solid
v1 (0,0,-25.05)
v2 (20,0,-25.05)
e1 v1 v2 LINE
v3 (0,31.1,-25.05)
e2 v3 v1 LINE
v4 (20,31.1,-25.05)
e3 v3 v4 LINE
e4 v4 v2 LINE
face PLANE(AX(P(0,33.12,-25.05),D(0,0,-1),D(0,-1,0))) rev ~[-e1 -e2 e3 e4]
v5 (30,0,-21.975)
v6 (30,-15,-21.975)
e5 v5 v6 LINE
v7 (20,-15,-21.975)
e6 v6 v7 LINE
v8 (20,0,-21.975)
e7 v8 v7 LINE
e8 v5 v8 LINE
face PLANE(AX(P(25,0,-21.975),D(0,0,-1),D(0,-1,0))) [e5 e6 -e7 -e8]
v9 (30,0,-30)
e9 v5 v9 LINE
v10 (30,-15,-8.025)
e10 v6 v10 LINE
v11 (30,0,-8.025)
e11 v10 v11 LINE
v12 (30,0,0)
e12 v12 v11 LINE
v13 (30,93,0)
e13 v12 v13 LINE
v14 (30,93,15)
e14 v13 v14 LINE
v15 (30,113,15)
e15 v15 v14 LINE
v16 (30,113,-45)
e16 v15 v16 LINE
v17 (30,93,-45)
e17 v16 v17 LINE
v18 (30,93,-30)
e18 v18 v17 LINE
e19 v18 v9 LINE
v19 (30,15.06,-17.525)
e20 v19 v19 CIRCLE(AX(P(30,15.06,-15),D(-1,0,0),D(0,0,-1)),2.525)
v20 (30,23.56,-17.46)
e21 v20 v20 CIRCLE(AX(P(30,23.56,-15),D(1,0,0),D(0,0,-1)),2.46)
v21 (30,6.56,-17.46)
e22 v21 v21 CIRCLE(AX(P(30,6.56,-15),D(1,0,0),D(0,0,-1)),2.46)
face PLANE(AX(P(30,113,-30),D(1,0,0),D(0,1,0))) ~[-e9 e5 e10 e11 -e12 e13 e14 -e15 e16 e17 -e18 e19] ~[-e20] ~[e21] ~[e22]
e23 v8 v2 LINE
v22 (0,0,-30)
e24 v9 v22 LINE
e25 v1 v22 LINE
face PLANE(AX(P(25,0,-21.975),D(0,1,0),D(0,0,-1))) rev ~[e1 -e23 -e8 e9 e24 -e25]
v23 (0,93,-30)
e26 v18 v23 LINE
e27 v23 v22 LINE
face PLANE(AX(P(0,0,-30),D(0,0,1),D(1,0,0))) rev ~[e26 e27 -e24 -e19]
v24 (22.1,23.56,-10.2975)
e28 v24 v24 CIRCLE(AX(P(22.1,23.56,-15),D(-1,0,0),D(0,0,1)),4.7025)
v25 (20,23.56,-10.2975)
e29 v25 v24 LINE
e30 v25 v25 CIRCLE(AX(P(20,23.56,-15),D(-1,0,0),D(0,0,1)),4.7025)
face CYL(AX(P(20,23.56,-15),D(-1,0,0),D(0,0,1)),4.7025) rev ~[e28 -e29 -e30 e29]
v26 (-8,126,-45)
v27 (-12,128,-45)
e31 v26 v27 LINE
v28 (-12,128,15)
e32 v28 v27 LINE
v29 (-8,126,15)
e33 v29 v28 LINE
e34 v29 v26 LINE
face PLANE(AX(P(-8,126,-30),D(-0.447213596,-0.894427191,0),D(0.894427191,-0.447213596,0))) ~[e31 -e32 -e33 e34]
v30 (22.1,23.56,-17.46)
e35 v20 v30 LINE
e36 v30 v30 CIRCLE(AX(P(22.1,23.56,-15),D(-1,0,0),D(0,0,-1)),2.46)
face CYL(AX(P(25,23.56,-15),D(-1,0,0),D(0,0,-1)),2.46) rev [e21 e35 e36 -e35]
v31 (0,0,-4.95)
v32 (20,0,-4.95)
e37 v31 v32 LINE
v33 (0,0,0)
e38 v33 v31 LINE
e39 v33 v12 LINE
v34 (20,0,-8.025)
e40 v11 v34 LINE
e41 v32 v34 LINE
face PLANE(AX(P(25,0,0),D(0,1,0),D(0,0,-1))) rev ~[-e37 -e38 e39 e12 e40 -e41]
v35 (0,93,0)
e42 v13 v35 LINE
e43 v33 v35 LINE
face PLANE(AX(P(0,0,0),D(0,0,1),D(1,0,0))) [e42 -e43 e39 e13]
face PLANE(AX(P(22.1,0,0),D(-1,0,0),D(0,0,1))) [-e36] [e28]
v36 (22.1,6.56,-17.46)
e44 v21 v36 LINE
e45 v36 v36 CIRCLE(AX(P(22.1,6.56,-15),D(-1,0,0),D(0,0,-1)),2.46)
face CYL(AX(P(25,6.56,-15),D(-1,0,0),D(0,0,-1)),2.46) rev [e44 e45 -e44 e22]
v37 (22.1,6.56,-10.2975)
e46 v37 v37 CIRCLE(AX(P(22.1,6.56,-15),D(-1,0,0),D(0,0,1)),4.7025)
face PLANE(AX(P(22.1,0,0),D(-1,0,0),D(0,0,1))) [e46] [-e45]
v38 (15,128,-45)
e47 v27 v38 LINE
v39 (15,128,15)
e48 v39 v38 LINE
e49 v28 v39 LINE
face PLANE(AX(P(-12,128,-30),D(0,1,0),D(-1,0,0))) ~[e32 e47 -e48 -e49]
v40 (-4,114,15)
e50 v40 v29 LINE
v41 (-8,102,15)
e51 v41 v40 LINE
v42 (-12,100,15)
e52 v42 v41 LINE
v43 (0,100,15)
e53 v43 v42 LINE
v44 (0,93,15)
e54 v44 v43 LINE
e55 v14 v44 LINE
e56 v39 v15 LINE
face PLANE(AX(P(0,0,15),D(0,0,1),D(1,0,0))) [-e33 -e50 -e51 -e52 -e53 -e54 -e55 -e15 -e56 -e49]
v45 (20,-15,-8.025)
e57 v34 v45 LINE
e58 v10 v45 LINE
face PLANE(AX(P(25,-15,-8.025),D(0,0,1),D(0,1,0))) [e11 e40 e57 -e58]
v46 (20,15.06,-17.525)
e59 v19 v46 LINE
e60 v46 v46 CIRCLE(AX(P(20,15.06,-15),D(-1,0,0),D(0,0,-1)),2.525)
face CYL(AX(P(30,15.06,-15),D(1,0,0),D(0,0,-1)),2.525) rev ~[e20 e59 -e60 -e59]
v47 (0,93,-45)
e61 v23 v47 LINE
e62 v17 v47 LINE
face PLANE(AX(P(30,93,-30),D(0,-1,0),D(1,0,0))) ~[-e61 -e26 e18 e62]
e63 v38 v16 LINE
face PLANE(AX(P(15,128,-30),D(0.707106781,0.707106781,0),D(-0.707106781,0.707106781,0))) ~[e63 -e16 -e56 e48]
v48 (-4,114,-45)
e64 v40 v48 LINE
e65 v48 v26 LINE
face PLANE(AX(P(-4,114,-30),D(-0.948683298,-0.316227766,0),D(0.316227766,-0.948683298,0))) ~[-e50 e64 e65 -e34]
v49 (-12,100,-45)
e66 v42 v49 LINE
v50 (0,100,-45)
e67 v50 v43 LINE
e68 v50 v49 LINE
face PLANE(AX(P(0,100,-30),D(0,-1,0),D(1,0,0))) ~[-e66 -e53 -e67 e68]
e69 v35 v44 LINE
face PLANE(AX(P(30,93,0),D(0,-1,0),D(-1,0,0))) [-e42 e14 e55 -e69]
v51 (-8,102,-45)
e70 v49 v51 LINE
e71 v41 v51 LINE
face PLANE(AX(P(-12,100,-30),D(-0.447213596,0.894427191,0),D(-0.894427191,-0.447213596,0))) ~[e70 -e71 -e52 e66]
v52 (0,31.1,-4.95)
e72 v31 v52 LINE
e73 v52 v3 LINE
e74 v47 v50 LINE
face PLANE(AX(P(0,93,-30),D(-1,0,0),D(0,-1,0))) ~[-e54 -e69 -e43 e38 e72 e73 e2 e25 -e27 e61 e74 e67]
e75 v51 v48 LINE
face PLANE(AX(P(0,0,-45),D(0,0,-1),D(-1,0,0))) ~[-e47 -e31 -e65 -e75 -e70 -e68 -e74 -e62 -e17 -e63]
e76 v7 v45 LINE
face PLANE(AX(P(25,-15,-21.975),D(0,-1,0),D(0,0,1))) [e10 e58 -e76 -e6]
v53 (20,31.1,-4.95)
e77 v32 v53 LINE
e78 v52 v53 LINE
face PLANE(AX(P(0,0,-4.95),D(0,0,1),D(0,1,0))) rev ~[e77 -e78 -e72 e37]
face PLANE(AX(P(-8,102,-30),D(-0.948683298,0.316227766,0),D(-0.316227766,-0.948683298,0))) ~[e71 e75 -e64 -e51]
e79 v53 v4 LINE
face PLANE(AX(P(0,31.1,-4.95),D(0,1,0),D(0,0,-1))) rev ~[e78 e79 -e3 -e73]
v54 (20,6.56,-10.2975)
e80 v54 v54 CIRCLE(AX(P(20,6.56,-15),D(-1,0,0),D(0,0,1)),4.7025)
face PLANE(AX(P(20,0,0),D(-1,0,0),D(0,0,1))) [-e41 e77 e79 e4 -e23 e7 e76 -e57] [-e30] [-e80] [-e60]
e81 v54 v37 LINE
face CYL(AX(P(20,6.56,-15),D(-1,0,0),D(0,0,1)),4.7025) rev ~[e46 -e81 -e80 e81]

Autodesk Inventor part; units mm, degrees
ref_plane "YZ Plane" through (0, 0, 0) normal (1, 0, 0) x (0, 1, 0)
ref_plane "XZ Plane" through (0, 0, 0) normal (0, 1, 0) x (-1, 0, 0)
sketch "Sketch1" plane through (0, 0, 0) normal (0, 0, 1) x (1, 0, 0)
  line L0 (0, 0) -> (25, 0)
  line L1 (25, 0) -> (25, 40)
  line L2 (25, 40) -> (0, 40)
  line L3 (0, 40) -> (0, 0)
  dimension "d1" = 25
  dimension "d2" = 40
  dimension "d3" = 25
extrude "Extrusion1" add sketch "Sketch1" against normal blind 30
sketch "Sketch2" plane through (25, 0, 0) normal (1, 0, 0) x (0, 0, -1)
  line L0 (0, 0) -> (30, 0) projected
  circle A0 centre (15, 6.56) radius 2.46
extrude "Extrusion2" cut sketch "Sketch2" against normal blind 30
sketch "Sketch3" plane through (0, 0, 0) normal (-1, 0, 0) x (0, 0, 1)
  line L0 (0, 0) -> (-30, 0) projected
  line L1 (-25.05, 0) -> (-4.95, 0)
  line L2 (-4.95, 0) -> (-4.95, 33.12)
  line L3 (-4.95, 33.12) -> (-25.05, 33.12)
  line L4 (-25.05, 33.12) -> (-25.05, 0)
  dimension "d11" = 20.1
extrude "Extrusion3" cut sketch "Sketch3" against normal blind 20
sketch "Sketch4" plane through (0, 0, 0) normal (0, -1, 0) x (1, 0, 0)
  line L0 (20, -4.95) -> (20, -25.05) projected
  line L1 (20, -15) -> (25, -15)
  line L2 (25, 0) -> (25, -30) projected
  line L3 (20, -8.025) -> (25, -8.025)
  line L4 (25, -8.025) -> (25, -21.975)
  line L5 (25, -21.975) -> (20, -21.975)
  line L6 (20, -21.975) -> (20, -8.025)
  line L7 (20, -8.025) -> (25, -21.975) construction
  line L8 (25, -8.025) -> (20, -21.975) construction
  line L9 (25, -12.54) -> (25, -17.46) projected
  point P0 (0, 0)
  point P1 (22.5, -15)
  dimension "d14" = 13.95
extrude "Extrusion4" add sketch "Sketch4" along normal blind 15
sketch "Sketch5" plane through (20, 0, 0) normal (-1, 0, 0) x (0, 0, 1)
  circle A0 centre (-15, 6.56) radius 2.46 projected
  circle A1 centre (-15, 6.56) radius 4.7025
  circle A2 centre (-15, 6.56) radius 2.46 projected
  circle A3 centre (-15, 6.56) radius 2.46
  point P0 (0, 0)
  dimension "d17" = 9.405
extrude "Extrusion5" cut sketch "Sketch5" against normal blind 2.1
sketch "Sketch6" plane through (25, 0, 0) normal (1, 0, 0) x (0, 0, -1)
  circle A0 centre (15, 6.56) radius 4.7025 projected
  line L0 (15, 6.56) -> (15, 23.56)
  circle A1 centre (15, 23.56) radius 2.46
  point P0 (0, 0)
  dimension "d20" = 17
  dimension "d21" = 4.92
extrude "Extrusion6" cut sketch "Sketch6" against normal blind 10 contours A1
sketch "Sketch7" plane through (20, 0, 0) normal (-1, 0, 0) x (0, 0, 1)
  circle A0 centre (-15, 23.56) radius 2.46 projected
  circle A1 centre (-15, 23.56) radius 4.7025
  point P0 (0, 0)
  dimension "d24" = 9.405
extrude "Extrusion7" cut sketch "Sketch7" against normal blind 2.1
sketch "Sketch9" plane through (25, 0, 0) normal (1, 0, 0) x (0, 0, -1)
  circle A0 centre (15, 6.56) radius 2.46 projected
  circle A1 centre (15, 6.56) radius 2.46
  circle A2 centre (15, 23.56) radius 2.46 projected
  circle A3 centre (15, 23.56) radius 2.46
  line L0 (30, 40) -> (30, 0) projected
  line L1 (30, 0) -> (30, 40)
  line L2 (30, 40) -> (0, 40)
  line L3 (0, 40) -> (0, 0)
  line L4 (0, 0) -> (8.025, 0) projected
  line L5 (21.975, 0) -> (21.975, -15)
  line L6 (21.975, -15) -> (8.025, -15)
  line L7 (8.025, -15) -> (8.025, 0)
  line L8 (0, 0) -> (8.025, 0)
  line L9 (21.975, 0) -> (30, 0)
extrude "Extrusion8" add sketch "Sketch9" along normal blind 5
sketch "Sketch10" plane through (0, 40, 0) normal (0, 1, 0) x (1, 0, 0)
  line L0 (0, 30) -> (30, 30) projected
  line L1 (30, 0) -> (0, 0) projected
  line L2 (0, 30) -> (30, 30)
  line L3 (30, 30) -> (30, 0)
  line L4 (30, 0) -> (0, 0)
  line L5 (0, 0) -> (0, 30)
extrude "Extrusion9" add sketch "Sketch10" along normal blind 30
sketch "Sketch12" plane through (30, 0, 0) normal (1, 0, 0) x (0, 0, -1)
  circle A0 centre (15, 6.56) radius 2.46 projected
  line L0 (15, 6.56) -> (15, 15.06)
  circle A1 centre (15, 15.06) radius 2.525
  point P0 (0, 0)
  dimension "d31" = 8.5
  dimension "d33" = 5.05
extrude "Extrusion10" cut sketch "Sketch12" against normal blind 30 contours A1
sketch "Sketch14" plane through (0, 0, 0) normal (0, 0, 1) x (1, 0, 0)
  line L0 (30, 70) -> (0, 70) projected
  line L1 (0, 70) -> (0, 85)
  line L2 (30, 0) -> (30, 70) projected
  line L3 (30, 113) -> (30, 70)
  line L4 (30, 105) -> (30, 100)
  line L5 (-12, 128) -> (15, 128)
  line L6 (-8, 126) -> (-12, 128)
  line L7 (-8, 126) -> (-4, 114)
  line L8 (-8, 102) -> (-12, 100)
  line L9 (-8, 102) -> (-4, 114)
  line L10 (30, 113) -> (15, 128)
  line L11 (0, 100) -> (-12, 100)
  line L12 (0, 100) -> (0, 85)
  point P0 (0, 0)
  dimension "d69" = 28
  dimension "d74" = 12
extrude "Extrusion12" add sketch "Sketch14" against normal blind 30
sketch "Sketch15" plane through (0, 0, -25.05) normal (-1, 0, 0) x (0, 0, 1)
  line L0 (0, 33.12) -> (20.1, 33.12) projected
  line L1 (20.1, 33.12) -> (20.1, 0) projected
  line L2 (0, 33.12) -> (20.1, 33.12)
  line L3 (20.1, 33.12) -> (20.1, 31.1)
  line L4 (20.1, 31.1) -> (0, 31.1)
  line L5 (0, 31.1) -> (0, 33.12)
  point P0 (25.05, 0)
  dimension "d57" = 2.02
extrude "Extrusion13" add sketch "Sketch15" against normal blind 20
sketch "Sketch21" plane through (0, 0, 0) normal (0, 0, 1) x (1, 0, 0)
  line L0 (0, 100) -> (-12, 100) projected
  line L1 (0, 100) -> (-12, 100)
  line L2 (-12, 100) -> (-8, 102) projected
  line L3 (-12, 100) -> (-8, 102)
  line L4 (-8, 102) -> (-4, 114) projected
  line L5 (-8, 102) -> (-4, 114)
  line L6 (-4, 114) -> (-8, 126) projected
  line L7 (-4, 114) -> (-8, 126)
  line L8 (-8, 126) -> (-12, 128) projected
  line L9 (-8, 126) -> (-12, 128)
  line L10 (-12, 128) -> (15, 128) projected
  line L11 (-12, 128) -> (15, 128)
  line L12 (15, 128) -> (30, 113) projected
  line L13 (15, 128) -> (30, 113)
  line L14 (30, 113) -> (30, 93)
  line L15 (30, 0) -> (30, 113) projected
  line L16 (30, 93) -> (0, 93)
  line L17 (0, 93) -> (0, 100)
  point P0 (0, 0)
  dimension "d75" = 20
  dimension "d76" = 30
extrude "Extrusion14" add sketch "Sketch21" along normal blind 15
ref_plane "Work Plane1" through (0, 0, -15) normal (0, 0, 1) x (1, 0, 0)
mirror "Mirror1" about plane through (0, 0, -15) normal (0, 0, 1) of "Extrusion14"
properties part number "rec_b_24mm_x_60mm"
